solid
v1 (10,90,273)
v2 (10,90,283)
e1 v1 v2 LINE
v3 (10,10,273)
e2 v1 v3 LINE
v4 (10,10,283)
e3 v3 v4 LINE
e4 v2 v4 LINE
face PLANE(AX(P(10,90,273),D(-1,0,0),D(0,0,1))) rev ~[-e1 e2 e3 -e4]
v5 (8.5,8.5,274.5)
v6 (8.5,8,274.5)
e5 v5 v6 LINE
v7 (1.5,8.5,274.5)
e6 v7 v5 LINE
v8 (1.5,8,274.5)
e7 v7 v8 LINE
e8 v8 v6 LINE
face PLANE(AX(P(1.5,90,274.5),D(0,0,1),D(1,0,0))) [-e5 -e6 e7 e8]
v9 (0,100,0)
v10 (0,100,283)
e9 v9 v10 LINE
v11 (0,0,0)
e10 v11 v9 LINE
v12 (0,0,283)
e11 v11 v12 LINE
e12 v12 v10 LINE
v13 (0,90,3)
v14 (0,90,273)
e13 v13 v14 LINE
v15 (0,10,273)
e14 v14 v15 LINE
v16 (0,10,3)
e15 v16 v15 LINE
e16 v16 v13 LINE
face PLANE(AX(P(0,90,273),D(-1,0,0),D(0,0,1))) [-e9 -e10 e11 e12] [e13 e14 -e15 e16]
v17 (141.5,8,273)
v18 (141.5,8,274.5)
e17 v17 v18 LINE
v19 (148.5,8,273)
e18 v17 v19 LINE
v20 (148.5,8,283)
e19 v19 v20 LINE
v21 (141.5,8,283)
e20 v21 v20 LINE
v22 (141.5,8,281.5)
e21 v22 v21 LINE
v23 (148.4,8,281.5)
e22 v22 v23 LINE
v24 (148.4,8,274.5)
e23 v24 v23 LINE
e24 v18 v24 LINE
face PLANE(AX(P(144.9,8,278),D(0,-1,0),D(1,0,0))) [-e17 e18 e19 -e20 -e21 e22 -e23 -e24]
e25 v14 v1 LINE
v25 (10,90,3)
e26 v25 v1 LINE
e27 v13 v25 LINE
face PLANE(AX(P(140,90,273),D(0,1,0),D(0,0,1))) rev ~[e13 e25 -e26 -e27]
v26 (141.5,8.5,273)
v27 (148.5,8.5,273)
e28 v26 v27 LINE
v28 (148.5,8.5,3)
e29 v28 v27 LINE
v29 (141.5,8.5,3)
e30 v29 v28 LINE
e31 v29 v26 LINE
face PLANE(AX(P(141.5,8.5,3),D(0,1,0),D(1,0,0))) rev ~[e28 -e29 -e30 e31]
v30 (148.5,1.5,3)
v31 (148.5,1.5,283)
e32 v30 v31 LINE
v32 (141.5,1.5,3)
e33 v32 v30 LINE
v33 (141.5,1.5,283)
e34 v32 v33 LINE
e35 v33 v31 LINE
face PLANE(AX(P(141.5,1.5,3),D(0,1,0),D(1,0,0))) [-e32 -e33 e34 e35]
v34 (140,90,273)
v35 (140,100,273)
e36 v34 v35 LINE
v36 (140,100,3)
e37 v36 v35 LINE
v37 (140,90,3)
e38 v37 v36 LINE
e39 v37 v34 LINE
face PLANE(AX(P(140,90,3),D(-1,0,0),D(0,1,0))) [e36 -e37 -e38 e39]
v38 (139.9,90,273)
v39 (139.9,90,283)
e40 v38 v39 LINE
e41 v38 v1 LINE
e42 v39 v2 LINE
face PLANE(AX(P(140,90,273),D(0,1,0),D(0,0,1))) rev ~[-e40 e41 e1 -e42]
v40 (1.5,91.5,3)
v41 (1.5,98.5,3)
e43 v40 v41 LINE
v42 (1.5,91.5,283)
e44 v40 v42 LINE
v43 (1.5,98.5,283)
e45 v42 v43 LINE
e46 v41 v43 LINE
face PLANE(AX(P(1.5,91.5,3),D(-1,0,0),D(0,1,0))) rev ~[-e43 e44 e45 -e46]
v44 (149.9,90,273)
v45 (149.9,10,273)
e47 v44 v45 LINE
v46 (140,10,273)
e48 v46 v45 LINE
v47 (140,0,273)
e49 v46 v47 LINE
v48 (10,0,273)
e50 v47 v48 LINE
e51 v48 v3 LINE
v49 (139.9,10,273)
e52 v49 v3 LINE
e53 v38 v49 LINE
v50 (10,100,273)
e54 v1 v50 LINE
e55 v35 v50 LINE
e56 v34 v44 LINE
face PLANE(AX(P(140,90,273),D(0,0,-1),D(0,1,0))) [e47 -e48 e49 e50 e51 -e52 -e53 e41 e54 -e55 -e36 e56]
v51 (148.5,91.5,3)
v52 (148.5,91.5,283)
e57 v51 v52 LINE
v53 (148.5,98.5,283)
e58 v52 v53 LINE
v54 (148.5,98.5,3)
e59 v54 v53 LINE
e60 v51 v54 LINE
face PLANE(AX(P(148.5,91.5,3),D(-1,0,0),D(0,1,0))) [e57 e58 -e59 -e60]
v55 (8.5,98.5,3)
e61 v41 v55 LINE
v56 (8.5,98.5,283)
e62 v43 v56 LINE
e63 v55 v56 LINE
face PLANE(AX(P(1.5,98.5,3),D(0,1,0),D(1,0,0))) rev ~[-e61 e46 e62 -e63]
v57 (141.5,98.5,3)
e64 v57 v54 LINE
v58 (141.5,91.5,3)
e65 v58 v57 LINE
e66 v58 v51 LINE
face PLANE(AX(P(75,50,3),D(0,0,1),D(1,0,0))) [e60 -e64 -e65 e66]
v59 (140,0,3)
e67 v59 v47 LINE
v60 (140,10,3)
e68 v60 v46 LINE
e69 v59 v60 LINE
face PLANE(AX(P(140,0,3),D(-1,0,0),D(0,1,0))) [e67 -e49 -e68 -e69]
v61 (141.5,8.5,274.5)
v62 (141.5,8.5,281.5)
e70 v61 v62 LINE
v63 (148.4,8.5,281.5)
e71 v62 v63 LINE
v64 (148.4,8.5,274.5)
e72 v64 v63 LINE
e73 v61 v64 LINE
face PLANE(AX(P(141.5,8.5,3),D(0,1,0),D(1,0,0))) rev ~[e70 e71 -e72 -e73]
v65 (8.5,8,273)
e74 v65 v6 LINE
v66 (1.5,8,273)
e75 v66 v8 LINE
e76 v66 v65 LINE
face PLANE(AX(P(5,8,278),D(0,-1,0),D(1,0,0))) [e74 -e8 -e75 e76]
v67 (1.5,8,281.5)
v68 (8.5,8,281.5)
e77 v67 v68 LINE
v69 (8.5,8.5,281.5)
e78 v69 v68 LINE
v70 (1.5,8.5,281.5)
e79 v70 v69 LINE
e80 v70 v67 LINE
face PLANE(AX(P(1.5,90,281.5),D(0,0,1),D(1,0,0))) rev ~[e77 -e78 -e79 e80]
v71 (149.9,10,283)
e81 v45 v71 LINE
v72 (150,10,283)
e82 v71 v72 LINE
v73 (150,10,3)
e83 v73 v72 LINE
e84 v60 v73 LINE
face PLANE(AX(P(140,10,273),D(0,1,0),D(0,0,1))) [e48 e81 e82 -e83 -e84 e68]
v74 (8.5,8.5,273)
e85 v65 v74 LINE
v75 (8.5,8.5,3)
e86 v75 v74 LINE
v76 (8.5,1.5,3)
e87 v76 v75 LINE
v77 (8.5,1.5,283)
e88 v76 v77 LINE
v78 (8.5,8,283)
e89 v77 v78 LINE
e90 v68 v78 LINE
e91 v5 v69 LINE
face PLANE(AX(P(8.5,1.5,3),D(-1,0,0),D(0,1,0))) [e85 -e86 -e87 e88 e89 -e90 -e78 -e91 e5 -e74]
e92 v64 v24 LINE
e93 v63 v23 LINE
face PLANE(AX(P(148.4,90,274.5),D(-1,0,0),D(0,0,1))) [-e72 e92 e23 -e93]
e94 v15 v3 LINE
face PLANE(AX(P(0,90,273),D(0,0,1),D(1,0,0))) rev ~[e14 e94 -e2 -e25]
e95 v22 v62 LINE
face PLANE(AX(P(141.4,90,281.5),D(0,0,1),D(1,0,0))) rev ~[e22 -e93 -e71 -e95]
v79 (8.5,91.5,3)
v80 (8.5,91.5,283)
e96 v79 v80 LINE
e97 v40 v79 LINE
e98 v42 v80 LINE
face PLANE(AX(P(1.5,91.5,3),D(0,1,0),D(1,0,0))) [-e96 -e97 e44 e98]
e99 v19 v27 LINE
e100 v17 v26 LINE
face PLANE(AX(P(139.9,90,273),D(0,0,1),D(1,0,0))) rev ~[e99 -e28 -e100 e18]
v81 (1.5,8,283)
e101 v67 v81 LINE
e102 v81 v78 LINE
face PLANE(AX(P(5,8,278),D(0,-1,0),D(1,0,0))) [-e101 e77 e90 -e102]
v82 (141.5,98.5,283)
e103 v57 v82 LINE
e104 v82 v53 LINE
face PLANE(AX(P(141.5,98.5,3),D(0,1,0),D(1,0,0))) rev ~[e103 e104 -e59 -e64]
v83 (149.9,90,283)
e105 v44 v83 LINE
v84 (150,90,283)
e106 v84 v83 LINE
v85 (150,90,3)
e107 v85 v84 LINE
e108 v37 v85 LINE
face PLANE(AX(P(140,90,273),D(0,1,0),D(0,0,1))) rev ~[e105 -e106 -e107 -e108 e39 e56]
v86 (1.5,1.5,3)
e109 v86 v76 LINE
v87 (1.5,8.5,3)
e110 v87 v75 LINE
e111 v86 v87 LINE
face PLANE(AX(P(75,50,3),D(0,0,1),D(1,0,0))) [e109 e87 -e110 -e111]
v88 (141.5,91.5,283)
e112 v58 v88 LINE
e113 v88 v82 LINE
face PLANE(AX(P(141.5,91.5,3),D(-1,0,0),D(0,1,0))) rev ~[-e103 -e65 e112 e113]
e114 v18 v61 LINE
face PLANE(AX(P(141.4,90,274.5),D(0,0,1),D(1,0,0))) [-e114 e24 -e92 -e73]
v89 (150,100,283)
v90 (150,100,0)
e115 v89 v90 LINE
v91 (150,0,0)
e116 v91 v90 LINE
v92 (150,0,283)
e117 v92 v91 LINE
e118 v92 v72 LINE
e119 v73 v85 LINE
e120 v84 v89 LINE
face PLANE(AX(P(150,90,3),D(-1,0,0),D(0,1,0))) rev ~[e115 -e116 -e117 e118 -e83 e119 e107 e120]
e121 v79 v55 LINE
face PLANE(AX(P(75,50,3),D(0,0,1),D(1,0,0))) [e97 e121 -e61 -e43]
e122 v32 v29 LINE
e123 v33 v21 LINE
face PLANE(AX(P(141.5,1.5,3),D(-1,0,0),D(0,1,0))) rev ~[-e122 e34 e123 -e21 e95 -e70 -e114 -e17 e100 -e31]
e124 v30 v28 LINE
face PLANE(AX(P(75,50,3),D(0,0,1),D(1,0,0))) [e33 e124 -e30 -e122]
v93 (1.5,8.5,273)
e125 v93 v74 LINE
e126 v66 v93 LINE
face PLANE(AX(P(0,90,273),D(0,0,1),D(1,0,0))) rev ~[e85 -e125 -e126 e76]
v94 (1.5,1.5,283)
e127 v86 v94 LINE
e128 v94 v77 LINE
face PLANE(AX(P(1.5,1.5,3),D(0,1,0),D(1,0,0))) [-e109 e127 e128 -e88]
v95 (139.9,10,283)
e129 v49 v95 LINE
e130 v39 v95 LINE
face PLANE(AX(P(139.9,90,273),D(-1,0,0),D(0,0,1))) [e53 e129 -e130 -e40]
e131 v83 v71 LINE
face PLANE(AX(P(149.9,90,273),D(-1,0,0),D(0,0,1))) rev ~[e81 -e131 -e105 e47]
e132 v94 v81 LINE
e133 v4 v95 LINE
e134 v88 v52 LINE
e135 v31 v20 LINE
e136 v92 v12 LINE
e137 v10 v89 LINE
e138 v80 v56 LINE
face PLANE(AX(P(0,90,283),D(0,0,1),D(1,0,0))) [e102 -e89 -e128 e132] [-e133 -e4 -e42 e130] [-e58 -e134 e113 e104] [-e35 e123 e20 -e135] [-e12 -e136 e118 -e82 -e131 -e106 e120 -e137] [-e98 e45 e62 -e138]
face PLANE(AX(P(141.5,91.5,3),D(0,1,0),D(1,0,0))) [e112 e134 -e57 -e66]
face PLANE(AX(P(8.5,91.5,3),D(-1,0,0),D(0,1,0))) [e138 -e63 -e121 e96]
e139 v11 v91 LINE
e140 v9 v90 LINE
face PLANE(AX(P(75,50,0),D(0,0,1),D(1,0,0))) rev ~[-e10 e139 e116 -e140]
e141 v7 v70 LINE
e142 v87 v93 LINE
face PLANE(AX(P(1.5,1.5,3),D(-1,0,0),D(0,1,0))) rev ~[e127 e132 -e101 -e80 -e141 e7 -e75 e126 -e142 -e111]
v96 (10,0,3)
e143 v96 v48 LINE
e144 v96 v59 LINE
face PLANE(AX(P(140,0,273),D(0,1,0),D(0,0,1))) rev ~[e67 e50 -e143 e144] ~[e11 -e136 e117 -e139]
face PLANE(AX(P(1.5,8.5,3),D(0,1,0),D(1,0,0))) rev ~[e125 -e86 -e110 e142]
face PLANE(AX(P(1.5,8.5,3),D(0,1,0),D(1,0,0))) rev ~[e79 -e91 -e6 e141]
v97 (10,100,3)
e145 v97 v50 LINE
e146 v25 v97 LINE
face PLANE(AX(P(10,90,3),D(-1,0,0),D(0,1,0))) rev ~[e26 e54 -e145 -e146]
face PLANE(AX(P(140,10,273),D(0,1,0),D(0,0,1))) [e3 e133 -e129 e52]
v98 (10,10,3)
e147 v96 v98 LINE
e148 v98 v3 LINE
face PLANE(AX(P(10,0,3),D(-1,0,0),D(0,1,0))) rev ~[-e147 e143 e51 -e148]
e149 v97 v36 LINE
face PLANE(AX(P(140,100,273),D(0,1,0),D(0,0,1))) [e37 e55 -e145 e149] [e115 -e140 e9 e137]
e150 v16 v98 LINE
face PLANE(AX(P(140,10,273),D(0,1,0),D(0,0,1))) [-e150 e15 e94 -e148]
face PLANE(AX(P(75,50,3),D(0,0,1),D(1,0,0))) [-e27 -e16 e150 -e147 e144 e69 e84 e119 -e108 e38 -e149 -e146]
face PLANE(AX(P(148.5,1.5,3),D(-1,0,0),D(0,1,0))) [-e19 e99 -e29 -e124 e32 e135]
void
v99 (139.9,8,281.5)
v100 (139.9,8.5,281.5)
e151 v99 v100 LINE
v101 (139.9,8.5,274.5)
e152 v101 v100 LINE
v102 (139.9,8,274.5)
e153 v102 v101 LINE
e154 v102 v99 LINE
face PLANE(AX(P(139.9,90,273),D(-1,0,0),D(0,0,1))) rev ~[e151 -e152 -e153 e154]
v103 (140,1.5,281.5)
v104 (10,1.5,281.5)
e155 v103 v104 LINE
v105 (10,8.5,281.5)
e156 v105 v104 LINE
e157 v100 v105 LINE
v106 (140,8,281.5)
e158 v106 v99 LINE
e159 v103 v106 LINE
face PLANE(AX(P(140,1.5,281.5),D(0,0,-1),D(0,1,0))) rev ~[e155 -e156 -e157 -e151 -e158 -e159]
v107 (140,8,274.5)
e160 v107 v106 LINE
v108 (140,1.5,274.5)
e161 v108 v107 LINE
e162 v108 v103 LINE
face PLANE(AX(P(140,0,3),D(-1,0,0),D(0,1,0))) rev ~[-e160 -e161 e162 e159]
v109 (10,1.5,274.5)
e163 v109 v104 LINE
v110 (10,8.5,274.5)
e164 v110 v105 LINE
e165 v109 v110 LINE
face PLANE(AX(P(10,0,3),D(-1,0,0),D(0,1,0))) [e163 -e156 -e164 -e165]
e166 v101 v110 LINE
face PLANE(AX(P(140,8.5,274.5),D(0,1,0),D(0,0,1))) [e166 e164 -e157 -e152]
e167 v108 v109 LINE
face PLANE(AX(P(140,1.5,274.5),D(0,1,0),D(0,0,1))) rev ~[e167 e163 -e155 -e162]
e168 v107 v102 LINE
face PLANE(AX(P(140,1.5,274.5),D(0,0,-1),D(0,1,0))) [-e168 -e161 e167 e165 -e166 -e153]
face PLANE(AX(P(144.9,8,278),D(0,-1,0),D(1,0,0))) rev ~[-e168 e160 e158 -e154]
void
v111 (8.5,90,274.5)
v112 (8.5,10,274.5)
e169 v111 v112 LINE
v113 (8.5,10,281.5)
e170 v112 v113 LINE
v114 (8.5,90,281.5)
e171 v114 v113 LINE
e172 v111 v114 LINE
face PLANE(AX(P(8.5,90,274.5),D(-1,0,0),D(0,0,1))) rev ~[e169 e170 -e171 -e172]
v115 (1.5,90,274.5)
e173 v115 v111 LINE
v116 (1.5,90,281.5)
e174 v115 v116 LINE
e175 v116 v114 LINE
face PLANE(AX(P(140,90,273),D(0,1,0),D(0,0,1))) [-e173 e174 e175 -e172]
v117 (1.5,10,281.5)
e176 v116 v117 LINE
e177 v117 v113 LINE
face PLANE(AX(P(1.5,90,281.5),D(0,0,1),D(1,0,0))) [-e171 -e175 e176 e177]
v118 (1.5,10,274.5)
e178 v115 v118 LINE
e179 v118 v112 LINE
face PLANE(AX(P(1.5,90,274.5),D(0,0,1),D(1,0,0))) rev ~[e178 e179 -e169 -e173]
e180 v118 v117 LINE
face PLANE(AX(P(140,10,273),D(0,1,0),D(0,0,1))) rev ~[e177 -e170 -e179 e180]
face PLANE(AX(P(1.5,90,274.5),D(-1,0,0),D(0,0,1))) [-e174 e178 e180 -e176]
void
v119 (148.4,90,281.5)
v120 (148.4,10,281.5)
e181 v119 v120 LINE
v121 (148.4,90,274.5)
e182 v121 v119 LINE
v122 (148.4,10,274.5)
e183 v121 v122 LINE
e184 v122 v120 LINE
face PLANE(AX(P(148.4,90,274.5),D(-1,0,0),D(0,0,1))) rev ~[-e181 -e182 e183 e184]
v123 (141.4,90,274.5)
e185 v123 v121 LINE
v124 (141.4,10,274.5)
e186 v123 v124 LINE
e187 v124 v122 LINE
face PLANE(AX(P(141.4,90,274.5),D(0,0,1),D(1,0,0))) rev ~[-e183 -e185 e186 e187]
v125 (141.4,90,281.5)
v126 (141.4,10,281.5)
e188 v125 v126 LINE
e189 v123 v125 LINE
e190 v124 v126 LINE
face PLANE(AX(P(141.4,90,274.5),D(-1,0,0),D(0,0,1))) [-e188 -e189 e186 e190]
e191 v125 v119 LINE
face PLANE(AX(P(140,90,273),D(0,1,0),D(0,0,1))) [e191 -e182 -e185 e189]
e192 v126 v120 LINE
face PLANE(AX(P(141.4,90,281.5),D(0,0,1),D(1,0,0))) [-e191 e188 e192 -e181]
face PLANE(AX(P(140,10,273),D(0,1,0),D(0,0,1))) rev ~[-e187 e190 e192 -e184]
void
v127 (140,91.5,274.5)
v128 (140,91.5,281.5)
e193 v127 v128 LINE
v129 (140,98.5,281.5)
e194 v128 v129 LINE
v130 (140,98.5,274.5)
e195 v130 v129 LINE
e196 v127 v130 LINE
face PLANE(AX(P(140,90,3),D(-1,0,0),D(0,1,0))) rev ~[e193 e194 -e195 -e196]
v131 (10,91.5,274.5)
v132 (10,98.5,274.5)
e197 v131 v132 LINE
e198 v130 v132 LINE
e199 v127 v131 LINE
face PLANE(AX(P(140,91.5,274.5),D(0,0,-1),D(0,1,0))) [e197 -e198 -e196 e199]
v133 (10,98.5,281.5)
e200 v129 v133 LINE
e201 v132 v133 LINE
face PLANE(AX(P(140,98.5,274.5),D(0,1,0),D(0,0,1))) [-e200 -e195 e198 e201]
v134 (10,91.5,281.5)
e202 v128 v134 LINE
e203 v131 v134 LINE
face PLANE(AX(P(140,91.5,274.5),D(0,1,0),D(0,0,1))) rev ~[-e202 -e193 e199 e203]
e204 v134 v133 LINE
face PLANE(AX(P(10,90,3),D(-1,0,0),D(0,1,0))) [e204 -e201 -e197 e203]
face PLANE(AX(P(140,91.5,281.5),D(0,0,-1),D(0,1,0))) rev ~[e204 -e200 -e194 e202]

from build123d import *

# Parameters (mm, degrees)
SKETCH1_W           = 150
SKETCH1_H           = 100
BOSS_EXTRUDE1_DEPTH = 3
SKETCH2_W           = 10
SKETCH2_H           = 10
SKETCH2_W_2         = 7
SKETCH2_H_2         = 7
BOSS_EXTRUDE2_DEPTH = 280
SKETCH3_W           = 10
SKETCH3_H           = 10
SKETCH3_W_2         = 7
SKETCH3_H_2         = 7
BOSS_EXTRUDE3_DEPTH = 130
SKETCH4_W           = 10
SKETCH4_H           = 10
SKETCH4_W_2         = 7
SKETCH4_H_2         = 7
BOSS_EXTRUDE4_DEPTH = 130
SKETCH5_W           = 10
SKETCH5_H           = 10
SKETCH5_W_2         = 7
SKETCH5_H_2         = 7
BOSS_EXTRUDE5_DEPTH = 82


with BuildPart() as part:
    # Sketch1 → Boss-Extrude1 (new body)
    with BuildSketch(Plane.XY):
        with Locations((75, 50)):
            Rectangle(SKETCH1_W, SKETCH1_H)
    extrude(amount=BOSS_EXTRUDE1_DEPTH)

    # Sketch2 → Boss-Extrude2 (add)
    # profile 1 of 4: a face of its own
    with BuildSketch(Plane.XY.offset(3)):
        with Locations((145, 95)):
            Rectangle(SKETCH2_W, SKETCH2_H)
        with Locations((145, 95)):
            Rectangle(SKETCH2_W_2, SKETCH2_H_2, mode=Mode.SUBTRACT)
    # profile 2 of 4: a face of its own
    with BuildSketch(Plane.XY.offset(3)):
        with Locations((145, 5)):
            Rectangle(SKETCH2_W, SKETCH2_H)
        with Locations((145, 5)):
            Rectangle(SKETCH2_W_2, SKETCH2_H_2, mode=Mode.SUBTRACT)
    # profile 3 of 4: a face of its own
    with BuildSketch(Plane.XY.offset(3)):
        with Locations((5, 5)):
            Rectangle(SKETCH2_W, SKETCH2_H)
        with Locations((5, 5)):
            Rectangle(SKETCH2_W_2, SKETCH2_H_2, mode=Mode.SUBTRACT)
    # profile 4 of 4: a face of its own
    with BuildSketch(Plane.XY.offset(3)):
        with Locations((5, 95)):
            Rectangle(SKETCH2_W, SKETCH2_H)
        with Locations((5, 95)):
            Rectangle(SKETCH2_W_2, SKETCH2_H_2, mode=Mode.SUBTRACT)
    extrude(amount=BOSS_EXTRUDE2_DEPTH)

    # Sketch3 → Boss-Extrude3 (add)
    with BuildSketch(Plane.ZY.offset(-140)):
        with Locations((278, 95)):
            Rectangle(SKETCH3_W, SKETCH3_H)
        with Locations((278, 95)):
            Rectangle(SKETCH3_W_2, SKETCH3_H_2, mode=Mode.SUBTRACT)
    extrude(amount=BOSS_EXTRUDE3_DEPTH)

    # Sketch4 → Boss-Extrude4 (add)
    with BuildSketch(Plane.ZY.offset(-140)):
        with Locations((278, 5)):
            Rectangle(SKETCH4_W, SKETCH4_H)
        with Locations((278, 5)):
            Rectangle(SKETCH4_W_2, SKETCH4_H_2, mode=Mode.SUBTRACT)
    extrude(amount=BOSS_EXTRUDE4_DEPTH)

    # Sketch5 → Boss-Extrude5 (add)
    # profile 1 of 2: a face of its own
    with BuildSketch(Plane.XZ.offset(-90)):
        with Locations((5, 278)):
            Rectangle(SKETCH5_W, SKETCH5_H)
        with Locations((5, 278)):
            Rectangle(SKETCH5_W_2, SKETCH5_H_2, mode=Mode.SUBTRACT)
    # profile 2 of 2: a face of its own
    with BuildSketch(Plane.XZ.offset(-90)):
        with Locations((144.9, 278)):
            Rectangle(SKETCH5_W, SKETCH5_H)
        with Locations((144.9, 278)):
            Rectangle(SKETCH5_W_2, SKETCH5_H_2, mode=Mode.SUBTRACT)
    extrude(amount=BOSS_EXTRUDE5_DEPTH)


solid = part.part
